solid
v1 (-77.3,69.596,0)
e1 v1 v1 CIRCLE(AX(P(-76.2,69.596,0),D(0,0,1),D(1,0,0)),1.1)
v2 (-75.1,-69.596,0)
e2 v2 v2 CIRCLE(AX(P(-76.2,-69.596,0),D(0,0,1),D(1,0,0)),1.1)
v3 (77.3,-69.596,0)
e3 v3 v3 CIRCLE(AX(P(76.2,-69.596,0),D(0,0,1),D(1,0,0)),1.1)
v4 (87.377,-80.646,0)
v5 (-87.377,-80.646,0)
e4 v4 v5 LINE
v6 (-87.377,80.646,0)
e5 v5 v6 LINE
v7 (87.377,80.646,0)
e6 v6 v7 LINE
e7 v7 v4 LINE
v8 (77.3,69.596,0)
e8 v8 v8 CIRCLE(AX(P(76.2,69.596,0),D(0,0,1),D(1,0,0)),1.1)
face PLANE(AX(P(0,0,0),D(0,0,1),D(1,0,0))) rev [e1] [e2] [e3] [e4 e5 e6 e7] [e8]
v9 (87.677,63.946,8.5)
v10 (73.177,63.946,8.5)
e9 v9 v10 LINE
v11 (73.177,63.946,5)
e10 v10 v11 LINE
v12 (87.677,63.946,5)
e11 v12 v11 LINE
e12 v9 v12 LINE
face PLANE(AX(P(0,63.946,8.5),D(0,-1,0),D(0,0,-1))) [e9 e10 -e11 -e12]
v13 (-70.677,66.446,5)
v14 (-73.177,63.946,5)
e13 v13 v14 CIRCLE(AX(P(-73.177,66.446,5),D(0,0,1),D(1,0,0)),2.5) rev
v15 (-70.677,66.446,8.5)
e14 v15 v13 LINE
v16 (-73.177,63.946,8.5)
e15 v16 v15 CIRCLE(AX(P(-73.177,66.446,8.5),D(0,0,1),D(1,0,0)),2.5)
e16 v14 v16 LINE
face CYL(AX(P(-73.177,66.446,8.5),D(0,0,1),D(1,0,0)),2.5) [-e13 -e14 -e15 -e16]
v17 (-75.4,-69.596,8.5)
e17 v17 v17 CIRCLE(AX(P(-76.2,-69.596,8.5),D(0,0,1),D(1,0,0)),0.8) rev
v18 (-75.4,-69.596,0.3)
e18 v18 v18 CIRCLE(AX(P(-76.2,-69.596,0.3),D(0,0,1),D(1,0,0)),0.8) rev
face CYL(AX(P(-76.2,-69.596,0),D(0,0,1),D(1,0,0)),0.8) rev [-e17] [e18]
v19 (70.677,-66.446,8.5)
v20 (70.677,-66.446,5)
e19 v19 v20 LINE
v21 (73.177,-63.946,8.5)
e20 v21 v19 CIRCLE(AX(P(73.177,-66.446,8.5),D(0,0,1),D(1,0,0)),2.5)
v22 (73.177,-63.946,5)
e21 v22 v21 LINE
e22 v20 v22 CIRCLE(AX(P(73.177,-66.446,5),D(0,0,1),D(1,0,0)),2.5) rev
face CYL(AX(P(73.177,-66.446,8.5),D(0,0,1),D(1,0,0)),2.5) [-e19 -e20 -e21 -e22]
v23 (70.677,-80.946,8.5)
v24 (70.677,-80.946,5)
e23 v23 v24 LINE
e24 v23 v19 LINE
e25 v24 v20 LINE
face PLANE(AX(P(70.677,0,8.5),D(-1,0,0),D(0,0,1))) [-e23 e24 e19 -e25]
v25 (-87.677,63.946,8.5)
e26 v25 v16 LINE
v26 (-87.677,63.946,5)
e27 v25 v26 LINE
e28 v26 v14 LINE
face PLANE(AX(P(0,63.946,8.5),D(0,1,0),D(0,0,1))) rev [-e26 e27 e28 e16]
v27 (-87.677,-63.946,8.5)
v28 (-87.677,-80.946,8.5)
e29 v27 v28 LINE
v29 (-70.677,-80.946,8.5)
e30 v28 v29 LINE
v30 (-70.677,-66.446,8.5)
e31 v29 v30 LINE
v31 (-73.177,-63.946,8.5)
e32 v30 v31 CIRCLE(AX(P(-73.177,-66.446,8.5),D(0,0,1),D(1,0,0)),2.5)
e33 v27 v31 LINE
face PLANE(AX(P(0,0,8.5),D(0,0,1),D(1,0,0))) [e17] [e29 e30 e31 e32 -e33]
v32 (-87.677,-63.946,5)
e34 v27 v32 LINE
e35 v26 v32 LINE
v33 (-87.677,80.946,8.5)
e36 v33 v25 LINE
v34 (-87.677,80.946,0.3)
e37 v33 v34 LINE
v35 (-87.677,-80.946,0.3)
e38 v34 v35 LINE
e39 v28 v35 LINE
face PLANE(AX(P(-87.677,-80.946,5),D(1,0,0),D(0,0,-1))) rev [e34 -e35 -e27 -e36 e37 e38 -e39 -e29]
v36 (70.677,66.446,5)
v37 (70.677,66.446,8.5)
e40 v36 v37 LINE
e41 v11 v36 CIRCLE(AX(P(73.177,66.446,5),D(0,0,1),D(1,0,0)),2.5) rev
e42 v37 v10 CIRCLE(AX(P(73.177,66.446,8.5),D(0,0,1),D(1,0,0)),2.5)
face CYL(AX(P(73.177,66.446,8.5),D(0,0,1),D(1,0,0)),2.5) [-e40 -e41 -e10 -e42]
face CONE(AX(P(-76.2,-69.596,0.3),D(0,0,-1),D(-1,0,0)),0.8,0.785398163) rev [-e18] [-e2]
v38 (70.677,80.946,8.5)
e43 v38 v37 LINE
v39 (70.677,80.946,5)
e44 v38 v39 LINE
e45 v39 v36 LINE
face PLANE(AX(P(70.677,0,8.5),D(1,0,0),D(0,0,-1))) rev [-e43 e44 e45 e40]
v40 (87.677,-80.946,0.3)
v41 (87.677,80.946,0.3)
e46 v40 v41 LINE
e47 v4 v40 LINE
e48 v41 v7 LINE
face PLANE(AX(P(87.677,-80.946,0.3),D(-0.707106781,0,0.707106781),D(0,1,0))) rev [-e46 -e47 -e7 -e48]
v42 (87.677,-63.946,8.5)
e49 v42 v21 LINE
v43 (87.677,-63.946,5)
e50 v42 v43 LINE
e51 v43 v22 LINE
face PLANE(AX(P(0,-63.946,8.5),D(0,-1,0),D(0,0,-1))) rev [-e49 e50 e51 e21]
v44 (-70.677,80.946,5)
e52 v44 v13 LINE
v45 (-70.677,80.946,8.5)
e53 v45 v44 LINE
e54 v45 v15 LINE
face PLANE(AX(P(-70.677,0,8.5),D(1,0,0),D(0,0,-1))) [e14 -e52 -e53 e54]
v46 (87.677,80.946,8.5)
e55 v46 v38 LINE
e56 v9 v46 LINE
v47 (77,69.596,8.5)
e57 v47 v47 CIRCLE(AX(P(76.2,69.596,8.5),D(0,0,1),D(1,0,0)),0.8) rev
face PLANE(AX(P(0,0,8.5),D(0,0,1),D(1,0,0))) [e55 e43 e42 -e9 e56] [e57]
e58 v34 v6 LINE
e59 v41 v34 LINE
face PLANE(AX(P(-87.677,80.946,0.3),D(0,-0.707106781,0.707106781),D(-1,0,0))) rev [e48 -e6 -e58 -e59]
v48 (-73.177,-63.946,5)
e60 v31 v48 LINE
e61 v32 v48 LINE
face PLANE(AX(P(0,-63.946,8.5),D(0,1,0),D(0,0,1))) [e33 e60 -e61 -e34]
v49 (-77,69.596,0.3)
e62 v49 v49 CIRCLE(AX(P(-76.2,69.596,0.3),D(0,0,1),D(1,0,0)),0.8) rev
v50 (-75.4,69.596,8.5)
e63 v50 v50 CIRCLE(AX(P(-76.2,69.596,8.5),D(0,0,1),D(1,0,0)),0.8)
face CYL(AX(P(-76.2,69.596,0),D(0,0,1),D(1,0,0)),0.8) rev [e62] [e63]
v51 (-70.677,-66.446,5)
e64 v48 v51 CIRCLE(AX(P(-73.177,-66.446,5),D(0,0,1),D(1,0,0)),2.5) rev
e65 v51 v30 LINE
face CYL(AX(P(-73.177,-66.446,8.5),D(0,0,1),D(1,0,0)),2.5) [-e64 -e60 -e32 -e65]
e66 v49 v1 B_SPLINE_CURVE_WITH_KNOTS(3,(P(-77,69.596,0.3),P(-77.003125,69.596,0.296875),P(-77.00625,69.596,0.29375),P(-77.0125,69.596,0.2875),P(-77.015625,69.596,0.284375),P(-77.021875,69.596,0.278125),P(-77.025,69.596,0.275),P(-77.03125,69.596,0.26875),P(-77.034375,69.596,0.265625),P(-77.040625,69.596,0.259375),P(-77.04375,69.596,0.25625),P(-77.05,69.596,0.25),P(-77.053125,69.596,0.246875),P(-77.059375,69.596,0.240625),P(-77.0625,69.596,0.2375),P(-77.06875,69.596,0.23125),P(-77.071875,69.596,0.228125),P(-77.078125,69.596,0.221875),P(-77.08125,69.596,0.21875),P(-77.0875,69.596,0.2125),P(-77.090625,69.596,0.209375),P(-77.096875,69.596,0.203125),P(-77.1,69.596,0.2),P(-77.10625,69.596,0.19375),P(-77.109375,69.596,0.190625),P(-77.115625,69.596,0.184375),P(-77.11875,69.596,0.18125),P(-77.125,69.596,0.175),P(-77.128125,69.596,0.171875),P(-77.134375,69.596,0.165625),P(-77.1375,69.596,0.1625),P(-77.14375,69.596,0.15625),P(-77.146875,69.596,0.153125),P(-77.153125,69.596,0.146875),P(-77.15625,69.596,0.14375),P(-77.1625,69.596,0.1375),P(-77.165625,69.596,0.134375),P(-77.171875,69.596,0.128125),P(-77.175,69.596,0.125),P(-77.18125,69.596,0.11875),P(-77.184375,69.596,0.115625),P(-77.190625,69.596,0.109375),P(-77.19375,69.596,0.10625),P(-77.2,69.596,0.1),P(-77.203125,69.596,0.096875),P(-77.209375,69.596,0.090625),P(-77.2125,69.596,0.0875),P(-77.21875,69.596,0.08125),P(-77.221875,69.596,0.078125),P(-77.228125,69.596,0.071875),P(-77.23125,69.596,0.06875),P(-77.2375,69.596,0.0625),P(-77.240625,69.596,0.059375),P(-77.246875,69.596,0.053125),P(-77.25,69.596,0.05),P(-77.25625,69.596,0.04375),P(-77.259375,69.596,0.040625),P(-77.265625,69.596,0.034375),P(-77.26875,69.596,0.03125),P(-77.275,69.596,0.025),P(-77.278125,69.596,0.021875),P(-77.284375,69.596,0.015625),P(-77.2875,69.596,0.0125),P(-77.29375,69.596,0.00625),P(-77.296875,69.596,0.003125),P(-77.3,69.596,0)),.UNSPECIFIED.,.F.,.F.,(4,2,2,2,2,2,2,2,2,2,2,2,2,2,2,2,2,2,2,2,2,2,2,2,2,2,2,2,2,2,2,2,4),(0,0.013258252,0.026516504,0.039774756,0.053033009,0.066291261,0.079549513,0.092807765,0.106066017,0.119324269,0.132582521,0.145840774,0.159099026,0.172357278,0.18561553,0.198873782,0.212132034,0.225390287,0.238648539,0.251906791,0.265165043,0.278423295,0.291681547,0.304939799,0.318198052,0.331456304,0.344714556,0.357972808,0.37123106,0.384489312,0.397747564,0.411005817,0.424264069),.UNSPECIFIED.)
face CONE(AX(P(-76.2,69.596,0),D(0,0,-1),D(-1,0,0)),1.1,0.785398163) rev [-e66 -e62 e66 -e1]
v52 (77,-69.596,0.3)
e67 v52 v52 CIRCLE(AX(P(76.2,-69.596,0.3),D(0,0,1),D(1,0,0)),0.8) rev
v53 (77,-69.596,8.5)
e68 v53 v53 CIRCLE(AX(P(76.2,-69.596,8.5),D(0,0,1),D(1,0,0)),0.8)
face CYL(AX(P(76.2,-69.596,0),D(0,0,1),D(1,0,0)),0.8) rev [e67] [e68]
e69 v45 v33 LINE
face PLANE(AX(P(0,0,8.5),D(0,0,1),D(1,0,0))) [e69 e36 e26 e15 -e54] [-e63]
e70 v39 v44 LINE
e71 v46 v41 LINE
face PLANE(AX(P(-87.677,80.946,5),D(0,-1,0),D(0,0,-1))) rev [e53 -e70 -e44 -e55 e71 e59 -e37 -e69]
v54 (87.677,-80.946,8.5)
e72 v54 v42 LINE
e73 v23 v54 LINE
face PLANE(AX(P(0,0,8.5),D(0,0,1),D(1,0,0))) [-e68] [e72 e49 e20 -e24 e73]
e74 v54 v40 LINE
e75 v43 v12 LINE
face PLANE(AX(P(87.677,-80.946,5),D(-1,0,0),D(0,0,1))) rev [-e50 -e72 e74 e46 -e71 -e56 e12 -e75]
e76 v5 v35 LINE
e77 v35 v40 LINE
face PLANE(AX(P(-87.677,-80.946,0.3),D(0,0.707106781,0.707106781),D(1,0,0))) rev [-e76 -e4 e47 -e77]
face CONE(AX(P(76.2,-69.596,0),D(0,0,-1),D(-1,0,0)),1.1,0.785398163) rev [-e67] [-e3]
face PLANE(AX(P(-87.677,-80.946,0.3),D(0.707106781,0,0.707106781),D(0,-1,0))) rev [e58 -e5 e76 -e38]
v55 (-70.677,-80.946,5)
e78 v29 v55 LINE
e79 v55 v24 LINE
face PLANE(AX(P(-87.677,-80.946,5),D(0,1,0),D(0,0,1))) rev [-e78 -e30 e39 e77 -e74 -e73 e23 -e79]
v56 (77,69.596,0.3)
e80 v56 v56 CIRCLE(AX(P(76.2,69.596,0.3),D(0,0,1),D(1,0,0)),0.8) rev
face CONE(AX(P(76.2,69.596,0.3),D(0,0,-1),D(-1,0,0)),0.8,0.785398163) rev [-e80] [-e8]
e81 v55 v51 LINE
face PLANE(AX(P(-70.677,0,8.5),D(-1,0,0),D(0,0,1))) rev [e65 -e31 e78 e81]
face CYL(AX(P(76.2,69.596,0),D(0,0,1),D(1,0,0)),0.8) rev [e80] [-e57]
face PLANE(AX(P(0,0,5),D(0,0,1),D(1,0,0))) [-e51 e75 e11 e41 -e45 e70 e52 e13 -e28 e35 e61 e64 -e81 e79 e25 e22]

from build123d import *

# Parameters (mm, degrees)
SKETCH1_W           = 161.892
SKETCH1_H           = 175.354
BOSS_EXTRUDE1_DEPTH = 5
SKETCH2_W           = 17
SKETCH2_H           = 17
BOSS_EXTRUDE2_DEPTH = 3.5
SKETCH3_R           = 0.8
CUT_EXTRUDE1_DEPTH  = 120.63177356
FILLET1_R           = 2.5
CHAMFER1_SIZE       = 0.3


with BuildPart() as part:
    # Sketch1 → Boss-Extrude1 (new body)
    with BuildSketch(Plane(origin=(0, 0, 0), x_dir=(0, 1, 0), z_dir=(0, 0, 1))):
        Rectangle(SKETCH1_W, SKETCH1_H)
    extrude(amount=BOSS_EXTRUDE1_DEPTH)

    # Sketch2 → Boss-Extrude2 (add)
    with BuildSketch(Plane.XY.offset(5)):
        with Locations((79.177, 72.446)):
            Rectangle(SKETCH2_W, SKETCH2_H)
        with Locations((79.177, -72.446)):
            Rectangle(SKETCH2_W, SKETCH2_H)
        with Locations((-79.177, -72.446)):
            Rectangle(SKETCH2_W, SKETCH2_H)
        with Locations((-79.177, 72.446)):
            Rectangle(SKETCH2_W, SKETCH2_H)
    extrude(amount=BOSS_EXTRUDE2_DEPTH)

    # Sketch3 → Cut-Extrude1 (cut, through all)
    with BuildSketch(Plane.XY.offset(8.5)):
        with Locations((-76.2, 69.596)):
            Circle(SKETCH3_R)
        with Locations((76.2, 69.596)):
            Circle(SKETCH3_R)
        with Locations((76.2, -69.596)):
            Circle(SKETCH3_R)
        with Locations((-76.2, -69.596)):
            Circle(SKETCH3_R)
    extrude(amount=-CUT_EXTRUDE1_DEPTH, mode=Mode.SUBTRACT)

    # Fillet1
    fillet1_edges = [part.edges().sort_by_distance(p)[0] for p in [
        (-70.677, 63.946, 6.75),
        (70.677, 63.946, 6.75),
        (70.677, -63.946, 6.75),
        (-70.677, -63.946, 6.75),
    ]]
    fillet(fillet1_edges, radius=FILLET1_R)

    # Chamfer1
    chamfer1_edges = [part.edges().sort_by_distance(p)[0] for p in [
        (87.677, 0, 0),
        (0, -80.946, 0),
        (-87.677, 0, 0),
        (0, 80.946, 0),
        (-77, -69.596, 0),
        (75.4, -69.596, 0),
        (75.4, 69.596, 0),
        (-77, 69.596, 0),
    ]]
    chamfer(chamfer1_edges, length=CHAMFER1_SIZE)


solid = part.part
